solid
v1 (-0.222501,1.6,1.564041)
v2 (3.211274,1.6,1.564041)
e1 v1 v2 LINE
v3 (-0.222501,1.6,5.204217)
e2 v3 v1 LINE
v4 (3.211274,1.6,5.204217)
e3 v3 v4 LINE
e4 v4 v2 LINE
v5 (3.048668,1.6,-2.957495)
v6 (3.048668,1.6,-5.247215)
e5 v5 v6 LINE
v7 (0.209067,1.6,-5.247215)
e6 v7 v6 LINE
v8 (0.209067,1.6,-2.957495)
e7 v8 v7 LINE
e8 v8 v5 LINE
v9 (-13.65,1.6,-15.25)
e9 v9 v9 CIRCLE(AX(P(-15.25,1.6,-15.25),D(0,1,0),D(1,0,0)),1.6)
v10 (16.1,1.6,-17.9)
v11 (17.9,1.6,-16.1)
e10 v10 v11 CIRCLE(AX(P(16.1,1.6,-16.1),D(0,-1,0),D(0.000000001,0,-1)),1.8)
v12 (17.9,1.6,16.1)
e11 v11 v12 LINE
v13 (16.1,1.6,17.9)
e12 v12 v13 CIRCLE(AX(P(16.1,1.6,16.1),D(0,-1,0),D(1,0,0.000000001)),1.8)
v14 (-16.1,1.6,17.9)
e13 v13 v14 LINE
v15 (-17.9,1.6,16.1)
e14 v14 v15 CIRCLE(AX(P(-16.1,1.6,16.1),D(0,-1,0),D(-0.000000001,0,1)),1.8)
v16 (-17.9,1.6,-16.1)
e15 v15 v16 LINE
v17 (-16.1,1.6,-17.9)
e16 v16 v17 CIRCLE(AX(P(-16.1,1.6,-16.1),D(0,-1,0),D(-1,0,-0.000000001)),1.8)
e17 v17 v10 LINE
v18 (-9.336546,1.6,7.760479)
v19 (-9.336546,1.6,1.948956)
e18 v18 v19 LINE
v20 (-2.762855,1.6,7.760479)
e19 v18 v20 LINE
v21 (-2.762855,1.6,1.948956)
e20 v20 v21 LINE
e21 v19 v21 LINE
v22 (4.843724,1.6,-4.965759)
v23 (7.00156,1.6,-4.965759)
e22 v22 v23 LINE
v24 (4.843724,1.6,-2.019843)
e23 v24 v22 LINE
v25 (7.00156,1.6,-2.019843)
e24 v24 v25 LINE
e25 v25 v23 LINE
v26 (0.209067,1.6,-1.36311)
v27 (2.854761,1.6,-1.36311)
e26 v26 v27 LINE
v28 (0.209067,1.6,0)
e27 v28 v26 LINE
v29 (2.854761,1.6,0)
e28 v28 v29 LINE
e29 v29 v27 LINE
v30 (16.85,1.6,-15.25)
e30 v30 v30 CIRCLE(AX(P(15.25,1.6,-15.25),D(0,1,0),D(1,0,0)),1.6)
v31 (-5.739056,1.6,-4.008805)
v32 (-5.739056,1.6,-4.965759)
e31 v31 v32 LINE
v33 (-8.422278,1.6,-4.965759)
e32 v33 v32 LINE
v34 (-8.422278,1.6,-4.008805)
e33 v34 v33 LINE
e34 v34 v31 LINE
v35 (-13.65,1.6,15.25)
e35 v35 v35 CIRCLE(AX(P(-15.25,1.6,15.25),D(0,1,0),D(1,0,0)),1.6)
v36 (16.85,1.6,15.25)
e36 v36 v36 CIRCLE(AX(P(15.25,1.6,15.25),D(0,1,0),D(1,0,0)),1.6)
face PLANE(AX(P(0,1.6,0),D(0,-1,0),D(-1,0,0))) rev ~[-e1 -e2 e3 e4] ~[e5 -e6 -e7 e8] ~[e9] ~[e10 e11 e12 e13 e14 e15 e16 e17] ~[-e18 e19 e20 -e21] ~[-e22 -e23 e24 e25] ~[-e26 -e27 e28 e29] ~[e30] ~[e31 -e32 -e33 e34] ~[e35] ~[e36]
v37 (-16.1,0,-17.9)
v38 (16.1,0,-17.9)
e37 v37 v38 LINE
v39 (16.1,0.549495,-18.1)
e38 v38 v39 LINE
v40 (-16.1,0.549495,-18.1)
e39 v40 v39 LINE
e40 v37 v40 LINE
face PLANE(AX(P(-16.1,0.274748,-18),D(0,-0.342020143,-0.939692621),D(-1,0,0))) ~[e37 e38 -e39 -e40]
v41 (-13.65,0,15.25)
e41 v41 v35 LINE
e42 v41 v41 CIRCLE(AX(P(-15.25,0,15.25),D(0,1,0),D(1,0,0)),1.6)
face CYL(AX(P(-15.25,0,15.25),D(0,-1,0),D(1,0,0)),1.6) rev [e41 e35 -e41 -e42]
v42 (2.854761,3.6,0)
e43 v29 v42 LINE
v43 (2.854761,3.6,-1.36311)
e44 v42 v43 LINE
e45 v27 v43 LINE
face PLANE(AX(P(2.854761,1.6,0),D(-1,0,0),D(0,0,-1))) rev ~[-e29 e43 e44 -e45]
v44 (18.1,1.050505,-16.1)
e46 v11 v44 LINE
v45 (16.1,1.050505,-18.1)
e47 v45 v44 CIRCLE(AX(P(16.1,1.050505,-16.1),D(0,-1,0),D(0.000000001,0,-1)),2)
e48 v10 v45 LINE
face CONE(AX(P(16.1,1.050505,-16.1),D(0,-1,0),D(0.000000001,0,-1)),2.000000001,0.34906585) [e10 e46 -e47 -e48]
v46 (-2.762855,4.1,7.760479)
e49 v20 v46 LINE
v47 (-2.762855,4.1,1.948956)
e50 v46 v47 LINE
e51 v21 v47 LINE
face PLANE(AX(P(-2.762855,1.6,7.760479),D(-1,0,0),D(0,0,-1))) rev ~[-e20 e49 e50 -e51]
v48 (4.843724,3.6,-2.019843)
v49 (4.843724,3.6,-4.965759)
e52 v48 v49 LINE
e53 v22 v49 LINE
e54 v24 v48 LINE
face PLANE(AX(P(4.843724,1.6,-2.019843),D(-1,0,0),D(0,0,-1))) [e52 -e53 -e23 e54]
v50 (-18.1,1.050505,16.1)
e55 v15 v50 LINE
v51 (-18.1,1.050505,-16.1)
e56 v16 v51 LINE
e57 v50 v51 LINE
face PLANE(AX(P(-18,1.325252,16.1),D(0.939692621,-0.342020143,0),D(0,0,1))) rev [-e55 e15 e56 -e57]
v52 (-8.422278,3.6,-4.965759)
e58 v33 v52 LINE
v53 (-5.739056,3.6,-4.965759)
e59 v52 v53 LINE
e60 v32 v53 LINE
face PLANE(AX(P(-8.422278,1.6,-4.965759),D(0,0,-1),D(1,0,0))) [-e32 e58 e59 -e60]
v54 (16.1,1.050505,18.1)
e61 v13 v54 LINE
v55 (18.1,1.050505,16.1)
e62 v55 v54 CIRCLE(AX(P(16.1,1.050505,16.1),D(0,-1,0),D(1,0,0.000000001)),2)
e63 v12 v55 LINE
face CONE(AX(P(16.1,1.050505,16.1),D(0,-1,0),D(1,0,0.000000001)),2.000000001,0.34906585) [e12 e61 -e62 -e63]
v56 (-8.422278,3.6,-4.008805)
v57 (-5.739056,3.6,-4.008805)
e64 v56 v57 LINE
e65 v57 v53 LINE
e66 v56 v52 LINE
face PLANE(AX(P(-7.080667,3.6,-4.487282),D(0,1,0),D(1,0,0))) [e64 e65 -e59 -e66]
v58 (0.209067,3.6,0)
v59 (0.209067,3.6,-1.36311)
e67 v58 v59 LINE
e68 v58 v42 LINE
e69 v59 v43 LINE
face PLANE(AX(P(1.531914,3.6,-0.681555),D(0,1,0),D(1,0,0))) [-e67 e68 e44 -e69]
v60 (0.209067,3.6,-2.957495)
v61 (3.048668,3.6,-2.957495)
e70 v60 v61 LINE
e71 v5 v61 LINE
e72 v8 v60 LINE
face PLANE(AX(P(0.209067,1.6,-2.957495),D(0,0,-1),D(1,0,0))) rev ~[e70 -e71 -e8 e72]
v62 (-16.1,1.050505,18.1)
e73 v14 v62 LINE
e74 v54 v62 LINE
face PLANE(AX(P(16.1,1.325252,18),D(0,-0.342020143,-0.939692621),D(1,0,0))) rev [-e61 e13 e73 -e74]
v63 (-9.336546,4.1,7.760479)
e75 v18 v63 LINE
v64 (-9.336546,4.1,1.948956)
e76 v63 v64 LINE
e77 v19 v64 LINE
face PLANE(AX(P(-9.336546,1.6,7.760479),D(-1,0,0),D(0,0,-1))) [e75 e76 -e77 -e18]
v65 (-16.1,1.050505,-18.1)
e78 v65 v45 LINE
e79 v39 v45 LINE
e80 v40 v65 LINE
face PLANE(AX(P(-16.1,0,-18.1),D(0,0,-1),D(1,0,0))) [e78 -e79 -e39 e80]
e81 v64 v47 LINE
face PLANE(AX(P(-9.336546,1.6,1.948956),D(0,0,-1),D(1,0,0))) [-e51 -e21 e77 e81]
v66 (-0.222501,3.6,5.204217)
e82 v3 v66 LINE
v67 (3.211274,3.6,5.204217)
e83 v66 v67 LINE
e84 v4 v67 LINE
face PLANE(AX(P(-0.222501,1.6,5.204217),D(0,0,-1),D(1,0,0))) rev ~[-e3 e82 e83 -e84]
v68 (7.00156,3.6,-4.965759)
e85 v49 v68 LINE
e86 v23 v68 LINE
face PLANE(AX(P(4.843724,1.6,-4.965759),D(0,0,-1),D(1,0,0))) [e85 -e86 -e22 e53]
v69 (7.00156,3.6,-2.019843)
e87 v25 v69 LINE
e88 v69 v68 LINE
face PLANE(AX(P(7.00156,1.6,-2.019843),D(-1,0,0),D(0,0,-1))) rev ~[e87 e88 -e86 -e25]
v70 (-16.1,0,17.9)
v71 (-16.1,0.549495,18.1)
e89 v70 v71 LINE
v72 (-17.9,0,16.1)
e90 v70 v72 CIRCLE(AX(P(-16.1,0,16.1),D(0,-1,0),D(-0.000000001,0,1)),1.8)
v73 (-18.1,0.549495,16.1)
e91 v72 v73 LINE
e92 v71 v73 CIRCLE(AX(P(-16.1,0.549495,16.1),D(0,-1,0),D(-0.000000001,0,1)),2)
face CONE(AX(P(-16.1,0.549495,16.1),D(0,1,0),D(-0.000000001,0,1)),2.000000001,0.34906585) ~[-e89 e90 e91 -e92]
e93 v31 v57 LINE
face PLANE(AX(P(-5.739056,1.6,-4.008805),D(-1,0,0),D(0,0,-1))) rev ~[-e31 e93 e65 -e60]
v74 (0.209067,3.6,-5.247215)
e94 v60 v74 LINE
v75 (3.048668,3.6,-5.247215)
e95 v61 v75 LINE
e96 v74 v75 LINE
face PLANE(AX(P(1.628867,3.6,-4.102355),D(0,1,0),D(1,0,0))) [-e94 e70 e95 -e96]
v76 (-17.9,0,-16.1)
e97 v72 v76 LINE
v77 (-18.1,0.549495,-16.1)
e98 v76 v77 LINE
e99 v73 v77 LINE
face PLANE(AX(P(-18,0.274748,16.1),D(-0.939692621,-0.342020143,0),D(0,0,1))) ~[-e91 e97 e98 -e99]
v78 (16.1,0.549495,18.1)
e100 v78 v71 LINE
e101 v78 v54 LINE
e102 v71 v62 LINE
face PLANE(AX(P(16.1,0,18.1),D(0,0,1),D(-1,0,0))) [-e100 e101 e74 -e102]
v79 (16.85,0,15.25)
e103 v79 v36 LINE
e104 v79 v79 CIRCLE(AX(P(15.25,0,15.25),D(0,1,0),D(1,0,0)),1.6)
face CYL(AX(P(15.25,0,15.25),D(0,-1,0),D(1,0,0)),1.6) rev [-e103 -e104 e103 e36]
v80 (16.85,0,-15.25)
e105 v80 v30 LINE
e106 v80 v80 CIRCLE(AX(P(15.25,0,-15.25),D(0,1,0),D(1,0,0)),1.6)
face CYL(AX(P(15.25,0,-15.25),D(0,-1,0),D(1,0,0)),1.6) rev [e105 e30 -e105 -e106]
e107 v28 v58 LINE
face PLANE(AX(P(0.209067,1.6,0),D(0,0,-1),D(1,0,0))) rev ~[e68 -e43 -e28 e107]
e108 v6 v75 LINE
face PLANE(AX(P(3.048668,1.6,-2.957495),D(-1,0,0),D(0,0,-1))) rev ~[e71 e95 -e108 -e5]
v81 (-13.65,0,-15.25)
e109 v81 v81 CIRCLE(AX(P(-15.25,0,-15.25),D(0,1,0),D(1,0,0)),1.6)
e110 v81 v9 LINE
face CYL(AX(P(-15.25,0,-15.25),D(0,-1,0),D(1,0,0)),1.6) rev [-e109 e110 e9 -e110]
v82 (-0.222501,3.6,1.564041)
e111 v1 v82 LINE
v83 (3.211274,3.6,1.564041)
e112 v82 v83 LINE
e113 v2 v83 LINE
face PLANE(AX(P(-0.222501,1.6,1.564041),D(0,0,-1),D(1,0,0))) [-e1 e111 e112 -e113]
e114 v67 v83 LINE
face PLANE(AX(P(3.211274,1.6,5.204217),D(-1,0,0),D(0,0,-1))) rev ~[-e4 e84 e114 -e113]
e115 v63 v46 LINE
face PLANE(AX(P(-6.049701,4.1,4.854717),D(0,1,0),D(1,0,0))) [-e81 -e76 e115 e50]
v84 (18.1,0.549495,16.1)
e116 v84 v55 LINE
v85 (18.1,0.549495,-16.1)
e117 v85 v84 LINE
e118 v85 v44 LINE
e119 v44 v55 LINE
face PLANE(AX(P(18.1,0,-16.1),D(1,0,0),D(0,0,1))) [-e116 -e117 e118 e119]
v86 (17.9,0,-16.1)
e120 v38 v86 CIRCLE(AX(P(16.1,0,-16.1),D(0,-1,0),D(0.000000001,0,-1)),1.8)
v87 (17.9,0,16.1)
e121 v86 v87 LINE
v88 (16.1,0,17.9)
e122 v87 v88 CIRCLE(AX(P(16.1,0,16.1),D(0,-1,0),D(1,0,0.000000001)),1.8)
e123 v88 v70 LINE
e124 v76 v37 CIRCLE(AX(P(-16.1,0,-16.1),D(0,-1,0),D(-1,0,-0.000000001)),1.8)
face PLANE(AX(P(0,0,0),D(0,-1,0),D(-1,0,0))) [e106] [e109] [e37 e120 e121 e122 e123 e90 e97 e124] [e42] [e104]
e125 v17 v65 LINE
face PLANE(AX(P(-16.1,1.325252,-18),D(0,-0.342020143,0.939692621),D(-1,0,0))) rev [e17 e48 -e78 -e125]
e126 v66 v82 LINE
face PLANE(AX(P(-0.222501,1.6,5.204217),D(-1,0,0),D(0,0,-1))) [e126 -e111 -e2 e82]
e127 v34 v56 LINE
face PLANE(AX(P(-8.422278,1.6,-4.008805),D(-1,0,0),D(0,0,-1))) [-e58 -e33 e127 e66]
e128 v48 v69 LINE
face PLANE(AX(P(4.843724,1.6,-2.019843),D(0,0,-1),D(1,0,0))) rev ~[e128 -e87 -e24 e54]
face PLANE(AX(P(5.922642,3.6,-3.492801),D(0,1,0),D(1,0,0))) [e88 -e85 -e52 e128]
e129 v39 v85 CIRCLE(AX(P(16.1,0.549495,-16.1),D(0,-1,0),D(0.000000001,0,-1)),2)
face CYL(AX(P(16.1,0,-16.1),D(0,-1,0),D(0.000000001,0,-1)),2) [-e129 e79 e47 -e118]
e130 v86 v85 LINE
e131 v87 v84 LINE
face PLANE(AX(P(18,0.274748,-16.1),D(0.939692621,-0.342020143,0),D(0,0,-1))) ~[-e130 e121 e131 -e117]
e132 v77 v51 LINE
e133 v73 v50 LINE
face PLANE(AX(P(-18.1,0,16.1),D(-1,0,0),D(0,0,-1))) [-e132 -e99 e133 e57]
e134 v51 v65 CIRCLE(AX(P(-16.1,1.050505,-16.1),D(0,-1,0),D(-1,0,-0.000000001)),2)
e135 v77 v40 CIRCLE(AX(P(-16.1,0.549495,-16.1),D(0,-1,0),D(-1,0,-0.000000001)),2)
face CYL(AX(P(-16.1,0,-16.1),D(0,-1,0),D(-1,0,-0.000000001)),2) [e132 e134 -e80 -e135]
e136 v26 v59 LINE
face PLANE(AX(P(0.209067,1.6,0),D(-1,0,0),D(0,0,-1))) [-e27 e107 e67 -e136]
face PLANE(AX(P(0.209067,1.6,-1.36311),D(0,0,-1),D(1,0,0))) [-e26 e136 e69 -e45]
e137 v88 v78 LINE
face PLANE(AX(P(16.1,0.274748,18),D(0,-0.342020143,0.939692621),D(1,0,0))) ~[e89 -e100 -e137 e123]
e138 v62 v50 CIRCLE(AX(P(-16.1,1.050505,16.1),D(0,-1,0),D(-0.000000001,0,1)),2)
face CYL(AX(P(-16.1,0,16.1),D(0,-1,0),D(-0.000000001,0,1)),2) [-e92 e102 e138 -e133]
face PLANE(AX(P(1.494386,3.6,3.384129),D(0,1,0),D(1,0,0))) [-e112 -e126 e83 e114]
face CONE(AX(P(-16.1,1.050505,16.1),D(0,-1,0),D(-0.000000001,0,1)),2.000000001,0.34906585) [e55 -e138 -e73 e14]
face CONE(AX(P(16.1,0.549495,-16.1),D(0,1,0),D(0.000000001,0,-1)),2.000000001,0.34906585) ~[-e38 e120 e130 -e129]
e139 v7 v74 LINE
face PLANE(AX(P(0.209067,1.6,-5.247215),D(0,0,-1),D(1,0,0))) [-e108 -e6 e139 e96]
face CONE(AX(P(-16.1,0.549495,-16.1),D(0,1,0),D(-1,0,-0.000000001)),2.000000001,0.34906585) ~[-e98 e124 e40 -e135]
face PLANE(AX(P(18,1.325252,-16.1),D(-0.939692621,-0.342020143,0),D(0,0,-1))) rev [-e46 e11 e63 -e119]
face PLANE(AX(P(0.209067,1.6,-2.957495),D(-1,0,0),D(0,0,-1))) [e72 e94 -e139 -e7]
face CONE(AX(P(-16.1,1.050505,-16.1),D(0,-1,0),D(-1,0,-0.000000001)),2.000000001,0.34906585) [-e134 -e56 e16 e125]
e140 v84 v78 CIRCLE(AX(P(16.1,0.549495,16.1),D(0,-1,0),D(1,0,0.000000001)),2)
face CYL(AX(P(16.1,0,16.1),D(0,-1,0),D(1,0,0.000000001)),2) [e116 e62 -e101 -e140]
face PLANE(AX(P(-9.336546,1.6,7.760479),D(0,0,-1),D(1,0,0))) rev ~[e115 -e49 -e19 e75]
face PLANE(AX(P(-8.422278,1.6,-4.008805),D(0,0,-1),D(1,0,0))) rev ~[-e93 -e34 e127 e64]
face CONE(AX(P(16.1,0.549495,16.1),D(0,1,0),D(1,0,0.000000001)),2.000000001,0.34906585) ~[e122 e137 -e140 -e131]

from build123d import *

# Parameters (mm, degrees)
ESQUISSE1_R        = 1.6
BOSS_EXTRU_1_DEPTH = 1.6
CHANFREIN1_SIZE    = 0.2
CHANFREIN1_SIZE2   = 0.549495484
CHANFREIN2_SIZE    = 0.2
CHANFREIN2_SIZE2   = 0.549495484
ESQUISSE4_W        = 6.573690578
ESQUISSE4_H        = 5.811523554
BOSS_EXTRU_2_DEPTH = 2.5
ESQUISSE5_W        = 2.839601435
ESQUISSE5_H        = 2.289720849
ESQUISSE5_W_2      = 2.157836197
ESQUISSE5_H_2      = 2.945915503
ESQUISSE5_W_3      = 2.645694815
ESQUISSE5_H_3      = 1.363110326
ESQUISSE5_W_4      = 3.433774122
ESQUISSE5_H_4      = 3.640175845
ESQUISSE5_W_5      = 2.683222401
ESQUISSE5_H_5      = 0.956953443
BOSS_EXTRU_3_DEPTH = 2


with BuildPart() as part:
    # Esquisse1 → Boss.-Extru.1 (new body)
    with BuildSketch(Plane(origin=(0, 0, 0), x_dir=(1, 0, 0), z_dir=(0, 1, 0))):
        with BuildLine():
            Line((16.1, -18.1), (-16.1, -18.1))
            ThreePointArc((-16.1, -18.1), (-17.514213562, -17.514213562), (-18.1, -16.1))
            Line((-18.1, -16.1), (-18.1, 16.1))
            ThreePointArc((-18.1, 16.1), (-17.514213562, 17.514213562), (-16.1, 18.1))
            Line((-16.1, 18.1), (16.1, 18.1))
            ThreePointArc((16.1, 18.1), (17.514213562, 17.514213562), (18.1, 16.1))
            Line((18.1, 16.1), (18.1, -16.1))
            ThreePointArc((18.1, -16.1), (17.514213562, -17.514213562), (16.1, -18.1))
        make_face()
        with Locations((-15.25, 15.25)):
            Circle(ESQUISSE1_R, mode=Mode.SUBTRACT)
        with Locations((15.25, 15.25)):
            Circle(ESQUISSE1_R, mode=Mode.SUBTRACT)
        with Locations((15.25, -15.25)):
            Circle(ESQUISSE1_R, mode=Mode.SUBTRACT)
        with Locations((-15.25, -15.25)):
            Circle(ESQUISSE1_R, mode=Mode.SUBTRACT)
    extrude(amount=BOSS_EXTRU_1_DEPTH)

    # Chanfrein1
    chanfrein1_edges = [part.edges().sort_by_distance(p)[0] for p in [
        (17.514213562, 1.6, -17.514213562),
        (0, 1.6, -18.1),
        (-17.514213562, 1.6, -17.514213562),
        (-18.1, 1.6, 0),
        (-17.514213562, 1.6, 17.514213562),
        (0, 1.6, 18.1),
        (17.514213562, 1.6, 17.514213562),
        (18.1, 1.6, 0),
    ]]
    chanfrein1_side = [part.faces().sort_by_distance(p)[0] for p in [
        (0, 1.6, 0),
    ]]
    chamfer(chanfrein1_edges, length=CHANFREIN1_SIZE, length2=CHANFREIN1_SIZE2, reference=chanfrein1_side[0])

    # Chanfrein2
    chanfrein2_edges = [part.edges().sort_by_distance(p)[0] for p in [
        (18.1, 0, 0),
        (17.514213562, 0, 17.514213562),
        (0, 0, 18.1),
        (-17.514213562, 0, 17.514213562),
        (-18.1, 0, 0),
        (-17.514213562, 0, -17.514213562),
        (0, 0, -18.1),
        (17.514213562, 0, -17.514213562),
    ]]
    chanfrein2_side = [part.faces().sort_by_distance(p)[0] for p in [
        (0, 0, 0),
    ]]
    chamfer(chanfrein2_edges, length=CHANFREIN2_SIZE, length2=CHANFREIN2_SIZE2, reference=chanfrein2_side[0])

    # Esquisse4 → Boss.-Extru.2 (add)
    with BuildSketch(Plane(origin=(0, 1.6, 0), x_dir=(1, 0, 0), z_dir=(0, 1, 0))):
        with Locations((-6.049700749, -4.854717359)):
            Rectangle(ESQUISSE4_W, ESQUISSE4_H)
    extrude(amount=BOSS_EXTRU_2_DEPTH)

    # Esquisse5 → Boss.-Extru.3 (add)
    with BuildSketch(Plane(origin=(0, 1.6, 0), x_dir=(1, 0, 0), z_dir=(0, 1, 0))):
        with Locations((1.628867377, 4.102355057)):
            Rectangle(ESQUISSE5_W, ESQUISSE5_H)
        with Locations((5.922641632, 3.492800834)):
            Rectangle(ESQUISSE5_W_2, ESQUISSE5_H_2)
        with Locations((1.531914066, 0.681555163)):
            Rectangle(ESQUISSE5_W_3, ESQUISSE5_H_3)
        with Locations((1.49438648, -3.384129307)):
            Rectangle(ESQUISSE5_W_4, ESQUISSE5_H_4)
        with Locations((-7.080666928, 4.487281863)):
            Rectangle(ESQUISSE5_W_5, ESQUISSE5_H_5)
    extrude(amount=BOSS_EXTRU_3_DEPTH)


solid = part.part
